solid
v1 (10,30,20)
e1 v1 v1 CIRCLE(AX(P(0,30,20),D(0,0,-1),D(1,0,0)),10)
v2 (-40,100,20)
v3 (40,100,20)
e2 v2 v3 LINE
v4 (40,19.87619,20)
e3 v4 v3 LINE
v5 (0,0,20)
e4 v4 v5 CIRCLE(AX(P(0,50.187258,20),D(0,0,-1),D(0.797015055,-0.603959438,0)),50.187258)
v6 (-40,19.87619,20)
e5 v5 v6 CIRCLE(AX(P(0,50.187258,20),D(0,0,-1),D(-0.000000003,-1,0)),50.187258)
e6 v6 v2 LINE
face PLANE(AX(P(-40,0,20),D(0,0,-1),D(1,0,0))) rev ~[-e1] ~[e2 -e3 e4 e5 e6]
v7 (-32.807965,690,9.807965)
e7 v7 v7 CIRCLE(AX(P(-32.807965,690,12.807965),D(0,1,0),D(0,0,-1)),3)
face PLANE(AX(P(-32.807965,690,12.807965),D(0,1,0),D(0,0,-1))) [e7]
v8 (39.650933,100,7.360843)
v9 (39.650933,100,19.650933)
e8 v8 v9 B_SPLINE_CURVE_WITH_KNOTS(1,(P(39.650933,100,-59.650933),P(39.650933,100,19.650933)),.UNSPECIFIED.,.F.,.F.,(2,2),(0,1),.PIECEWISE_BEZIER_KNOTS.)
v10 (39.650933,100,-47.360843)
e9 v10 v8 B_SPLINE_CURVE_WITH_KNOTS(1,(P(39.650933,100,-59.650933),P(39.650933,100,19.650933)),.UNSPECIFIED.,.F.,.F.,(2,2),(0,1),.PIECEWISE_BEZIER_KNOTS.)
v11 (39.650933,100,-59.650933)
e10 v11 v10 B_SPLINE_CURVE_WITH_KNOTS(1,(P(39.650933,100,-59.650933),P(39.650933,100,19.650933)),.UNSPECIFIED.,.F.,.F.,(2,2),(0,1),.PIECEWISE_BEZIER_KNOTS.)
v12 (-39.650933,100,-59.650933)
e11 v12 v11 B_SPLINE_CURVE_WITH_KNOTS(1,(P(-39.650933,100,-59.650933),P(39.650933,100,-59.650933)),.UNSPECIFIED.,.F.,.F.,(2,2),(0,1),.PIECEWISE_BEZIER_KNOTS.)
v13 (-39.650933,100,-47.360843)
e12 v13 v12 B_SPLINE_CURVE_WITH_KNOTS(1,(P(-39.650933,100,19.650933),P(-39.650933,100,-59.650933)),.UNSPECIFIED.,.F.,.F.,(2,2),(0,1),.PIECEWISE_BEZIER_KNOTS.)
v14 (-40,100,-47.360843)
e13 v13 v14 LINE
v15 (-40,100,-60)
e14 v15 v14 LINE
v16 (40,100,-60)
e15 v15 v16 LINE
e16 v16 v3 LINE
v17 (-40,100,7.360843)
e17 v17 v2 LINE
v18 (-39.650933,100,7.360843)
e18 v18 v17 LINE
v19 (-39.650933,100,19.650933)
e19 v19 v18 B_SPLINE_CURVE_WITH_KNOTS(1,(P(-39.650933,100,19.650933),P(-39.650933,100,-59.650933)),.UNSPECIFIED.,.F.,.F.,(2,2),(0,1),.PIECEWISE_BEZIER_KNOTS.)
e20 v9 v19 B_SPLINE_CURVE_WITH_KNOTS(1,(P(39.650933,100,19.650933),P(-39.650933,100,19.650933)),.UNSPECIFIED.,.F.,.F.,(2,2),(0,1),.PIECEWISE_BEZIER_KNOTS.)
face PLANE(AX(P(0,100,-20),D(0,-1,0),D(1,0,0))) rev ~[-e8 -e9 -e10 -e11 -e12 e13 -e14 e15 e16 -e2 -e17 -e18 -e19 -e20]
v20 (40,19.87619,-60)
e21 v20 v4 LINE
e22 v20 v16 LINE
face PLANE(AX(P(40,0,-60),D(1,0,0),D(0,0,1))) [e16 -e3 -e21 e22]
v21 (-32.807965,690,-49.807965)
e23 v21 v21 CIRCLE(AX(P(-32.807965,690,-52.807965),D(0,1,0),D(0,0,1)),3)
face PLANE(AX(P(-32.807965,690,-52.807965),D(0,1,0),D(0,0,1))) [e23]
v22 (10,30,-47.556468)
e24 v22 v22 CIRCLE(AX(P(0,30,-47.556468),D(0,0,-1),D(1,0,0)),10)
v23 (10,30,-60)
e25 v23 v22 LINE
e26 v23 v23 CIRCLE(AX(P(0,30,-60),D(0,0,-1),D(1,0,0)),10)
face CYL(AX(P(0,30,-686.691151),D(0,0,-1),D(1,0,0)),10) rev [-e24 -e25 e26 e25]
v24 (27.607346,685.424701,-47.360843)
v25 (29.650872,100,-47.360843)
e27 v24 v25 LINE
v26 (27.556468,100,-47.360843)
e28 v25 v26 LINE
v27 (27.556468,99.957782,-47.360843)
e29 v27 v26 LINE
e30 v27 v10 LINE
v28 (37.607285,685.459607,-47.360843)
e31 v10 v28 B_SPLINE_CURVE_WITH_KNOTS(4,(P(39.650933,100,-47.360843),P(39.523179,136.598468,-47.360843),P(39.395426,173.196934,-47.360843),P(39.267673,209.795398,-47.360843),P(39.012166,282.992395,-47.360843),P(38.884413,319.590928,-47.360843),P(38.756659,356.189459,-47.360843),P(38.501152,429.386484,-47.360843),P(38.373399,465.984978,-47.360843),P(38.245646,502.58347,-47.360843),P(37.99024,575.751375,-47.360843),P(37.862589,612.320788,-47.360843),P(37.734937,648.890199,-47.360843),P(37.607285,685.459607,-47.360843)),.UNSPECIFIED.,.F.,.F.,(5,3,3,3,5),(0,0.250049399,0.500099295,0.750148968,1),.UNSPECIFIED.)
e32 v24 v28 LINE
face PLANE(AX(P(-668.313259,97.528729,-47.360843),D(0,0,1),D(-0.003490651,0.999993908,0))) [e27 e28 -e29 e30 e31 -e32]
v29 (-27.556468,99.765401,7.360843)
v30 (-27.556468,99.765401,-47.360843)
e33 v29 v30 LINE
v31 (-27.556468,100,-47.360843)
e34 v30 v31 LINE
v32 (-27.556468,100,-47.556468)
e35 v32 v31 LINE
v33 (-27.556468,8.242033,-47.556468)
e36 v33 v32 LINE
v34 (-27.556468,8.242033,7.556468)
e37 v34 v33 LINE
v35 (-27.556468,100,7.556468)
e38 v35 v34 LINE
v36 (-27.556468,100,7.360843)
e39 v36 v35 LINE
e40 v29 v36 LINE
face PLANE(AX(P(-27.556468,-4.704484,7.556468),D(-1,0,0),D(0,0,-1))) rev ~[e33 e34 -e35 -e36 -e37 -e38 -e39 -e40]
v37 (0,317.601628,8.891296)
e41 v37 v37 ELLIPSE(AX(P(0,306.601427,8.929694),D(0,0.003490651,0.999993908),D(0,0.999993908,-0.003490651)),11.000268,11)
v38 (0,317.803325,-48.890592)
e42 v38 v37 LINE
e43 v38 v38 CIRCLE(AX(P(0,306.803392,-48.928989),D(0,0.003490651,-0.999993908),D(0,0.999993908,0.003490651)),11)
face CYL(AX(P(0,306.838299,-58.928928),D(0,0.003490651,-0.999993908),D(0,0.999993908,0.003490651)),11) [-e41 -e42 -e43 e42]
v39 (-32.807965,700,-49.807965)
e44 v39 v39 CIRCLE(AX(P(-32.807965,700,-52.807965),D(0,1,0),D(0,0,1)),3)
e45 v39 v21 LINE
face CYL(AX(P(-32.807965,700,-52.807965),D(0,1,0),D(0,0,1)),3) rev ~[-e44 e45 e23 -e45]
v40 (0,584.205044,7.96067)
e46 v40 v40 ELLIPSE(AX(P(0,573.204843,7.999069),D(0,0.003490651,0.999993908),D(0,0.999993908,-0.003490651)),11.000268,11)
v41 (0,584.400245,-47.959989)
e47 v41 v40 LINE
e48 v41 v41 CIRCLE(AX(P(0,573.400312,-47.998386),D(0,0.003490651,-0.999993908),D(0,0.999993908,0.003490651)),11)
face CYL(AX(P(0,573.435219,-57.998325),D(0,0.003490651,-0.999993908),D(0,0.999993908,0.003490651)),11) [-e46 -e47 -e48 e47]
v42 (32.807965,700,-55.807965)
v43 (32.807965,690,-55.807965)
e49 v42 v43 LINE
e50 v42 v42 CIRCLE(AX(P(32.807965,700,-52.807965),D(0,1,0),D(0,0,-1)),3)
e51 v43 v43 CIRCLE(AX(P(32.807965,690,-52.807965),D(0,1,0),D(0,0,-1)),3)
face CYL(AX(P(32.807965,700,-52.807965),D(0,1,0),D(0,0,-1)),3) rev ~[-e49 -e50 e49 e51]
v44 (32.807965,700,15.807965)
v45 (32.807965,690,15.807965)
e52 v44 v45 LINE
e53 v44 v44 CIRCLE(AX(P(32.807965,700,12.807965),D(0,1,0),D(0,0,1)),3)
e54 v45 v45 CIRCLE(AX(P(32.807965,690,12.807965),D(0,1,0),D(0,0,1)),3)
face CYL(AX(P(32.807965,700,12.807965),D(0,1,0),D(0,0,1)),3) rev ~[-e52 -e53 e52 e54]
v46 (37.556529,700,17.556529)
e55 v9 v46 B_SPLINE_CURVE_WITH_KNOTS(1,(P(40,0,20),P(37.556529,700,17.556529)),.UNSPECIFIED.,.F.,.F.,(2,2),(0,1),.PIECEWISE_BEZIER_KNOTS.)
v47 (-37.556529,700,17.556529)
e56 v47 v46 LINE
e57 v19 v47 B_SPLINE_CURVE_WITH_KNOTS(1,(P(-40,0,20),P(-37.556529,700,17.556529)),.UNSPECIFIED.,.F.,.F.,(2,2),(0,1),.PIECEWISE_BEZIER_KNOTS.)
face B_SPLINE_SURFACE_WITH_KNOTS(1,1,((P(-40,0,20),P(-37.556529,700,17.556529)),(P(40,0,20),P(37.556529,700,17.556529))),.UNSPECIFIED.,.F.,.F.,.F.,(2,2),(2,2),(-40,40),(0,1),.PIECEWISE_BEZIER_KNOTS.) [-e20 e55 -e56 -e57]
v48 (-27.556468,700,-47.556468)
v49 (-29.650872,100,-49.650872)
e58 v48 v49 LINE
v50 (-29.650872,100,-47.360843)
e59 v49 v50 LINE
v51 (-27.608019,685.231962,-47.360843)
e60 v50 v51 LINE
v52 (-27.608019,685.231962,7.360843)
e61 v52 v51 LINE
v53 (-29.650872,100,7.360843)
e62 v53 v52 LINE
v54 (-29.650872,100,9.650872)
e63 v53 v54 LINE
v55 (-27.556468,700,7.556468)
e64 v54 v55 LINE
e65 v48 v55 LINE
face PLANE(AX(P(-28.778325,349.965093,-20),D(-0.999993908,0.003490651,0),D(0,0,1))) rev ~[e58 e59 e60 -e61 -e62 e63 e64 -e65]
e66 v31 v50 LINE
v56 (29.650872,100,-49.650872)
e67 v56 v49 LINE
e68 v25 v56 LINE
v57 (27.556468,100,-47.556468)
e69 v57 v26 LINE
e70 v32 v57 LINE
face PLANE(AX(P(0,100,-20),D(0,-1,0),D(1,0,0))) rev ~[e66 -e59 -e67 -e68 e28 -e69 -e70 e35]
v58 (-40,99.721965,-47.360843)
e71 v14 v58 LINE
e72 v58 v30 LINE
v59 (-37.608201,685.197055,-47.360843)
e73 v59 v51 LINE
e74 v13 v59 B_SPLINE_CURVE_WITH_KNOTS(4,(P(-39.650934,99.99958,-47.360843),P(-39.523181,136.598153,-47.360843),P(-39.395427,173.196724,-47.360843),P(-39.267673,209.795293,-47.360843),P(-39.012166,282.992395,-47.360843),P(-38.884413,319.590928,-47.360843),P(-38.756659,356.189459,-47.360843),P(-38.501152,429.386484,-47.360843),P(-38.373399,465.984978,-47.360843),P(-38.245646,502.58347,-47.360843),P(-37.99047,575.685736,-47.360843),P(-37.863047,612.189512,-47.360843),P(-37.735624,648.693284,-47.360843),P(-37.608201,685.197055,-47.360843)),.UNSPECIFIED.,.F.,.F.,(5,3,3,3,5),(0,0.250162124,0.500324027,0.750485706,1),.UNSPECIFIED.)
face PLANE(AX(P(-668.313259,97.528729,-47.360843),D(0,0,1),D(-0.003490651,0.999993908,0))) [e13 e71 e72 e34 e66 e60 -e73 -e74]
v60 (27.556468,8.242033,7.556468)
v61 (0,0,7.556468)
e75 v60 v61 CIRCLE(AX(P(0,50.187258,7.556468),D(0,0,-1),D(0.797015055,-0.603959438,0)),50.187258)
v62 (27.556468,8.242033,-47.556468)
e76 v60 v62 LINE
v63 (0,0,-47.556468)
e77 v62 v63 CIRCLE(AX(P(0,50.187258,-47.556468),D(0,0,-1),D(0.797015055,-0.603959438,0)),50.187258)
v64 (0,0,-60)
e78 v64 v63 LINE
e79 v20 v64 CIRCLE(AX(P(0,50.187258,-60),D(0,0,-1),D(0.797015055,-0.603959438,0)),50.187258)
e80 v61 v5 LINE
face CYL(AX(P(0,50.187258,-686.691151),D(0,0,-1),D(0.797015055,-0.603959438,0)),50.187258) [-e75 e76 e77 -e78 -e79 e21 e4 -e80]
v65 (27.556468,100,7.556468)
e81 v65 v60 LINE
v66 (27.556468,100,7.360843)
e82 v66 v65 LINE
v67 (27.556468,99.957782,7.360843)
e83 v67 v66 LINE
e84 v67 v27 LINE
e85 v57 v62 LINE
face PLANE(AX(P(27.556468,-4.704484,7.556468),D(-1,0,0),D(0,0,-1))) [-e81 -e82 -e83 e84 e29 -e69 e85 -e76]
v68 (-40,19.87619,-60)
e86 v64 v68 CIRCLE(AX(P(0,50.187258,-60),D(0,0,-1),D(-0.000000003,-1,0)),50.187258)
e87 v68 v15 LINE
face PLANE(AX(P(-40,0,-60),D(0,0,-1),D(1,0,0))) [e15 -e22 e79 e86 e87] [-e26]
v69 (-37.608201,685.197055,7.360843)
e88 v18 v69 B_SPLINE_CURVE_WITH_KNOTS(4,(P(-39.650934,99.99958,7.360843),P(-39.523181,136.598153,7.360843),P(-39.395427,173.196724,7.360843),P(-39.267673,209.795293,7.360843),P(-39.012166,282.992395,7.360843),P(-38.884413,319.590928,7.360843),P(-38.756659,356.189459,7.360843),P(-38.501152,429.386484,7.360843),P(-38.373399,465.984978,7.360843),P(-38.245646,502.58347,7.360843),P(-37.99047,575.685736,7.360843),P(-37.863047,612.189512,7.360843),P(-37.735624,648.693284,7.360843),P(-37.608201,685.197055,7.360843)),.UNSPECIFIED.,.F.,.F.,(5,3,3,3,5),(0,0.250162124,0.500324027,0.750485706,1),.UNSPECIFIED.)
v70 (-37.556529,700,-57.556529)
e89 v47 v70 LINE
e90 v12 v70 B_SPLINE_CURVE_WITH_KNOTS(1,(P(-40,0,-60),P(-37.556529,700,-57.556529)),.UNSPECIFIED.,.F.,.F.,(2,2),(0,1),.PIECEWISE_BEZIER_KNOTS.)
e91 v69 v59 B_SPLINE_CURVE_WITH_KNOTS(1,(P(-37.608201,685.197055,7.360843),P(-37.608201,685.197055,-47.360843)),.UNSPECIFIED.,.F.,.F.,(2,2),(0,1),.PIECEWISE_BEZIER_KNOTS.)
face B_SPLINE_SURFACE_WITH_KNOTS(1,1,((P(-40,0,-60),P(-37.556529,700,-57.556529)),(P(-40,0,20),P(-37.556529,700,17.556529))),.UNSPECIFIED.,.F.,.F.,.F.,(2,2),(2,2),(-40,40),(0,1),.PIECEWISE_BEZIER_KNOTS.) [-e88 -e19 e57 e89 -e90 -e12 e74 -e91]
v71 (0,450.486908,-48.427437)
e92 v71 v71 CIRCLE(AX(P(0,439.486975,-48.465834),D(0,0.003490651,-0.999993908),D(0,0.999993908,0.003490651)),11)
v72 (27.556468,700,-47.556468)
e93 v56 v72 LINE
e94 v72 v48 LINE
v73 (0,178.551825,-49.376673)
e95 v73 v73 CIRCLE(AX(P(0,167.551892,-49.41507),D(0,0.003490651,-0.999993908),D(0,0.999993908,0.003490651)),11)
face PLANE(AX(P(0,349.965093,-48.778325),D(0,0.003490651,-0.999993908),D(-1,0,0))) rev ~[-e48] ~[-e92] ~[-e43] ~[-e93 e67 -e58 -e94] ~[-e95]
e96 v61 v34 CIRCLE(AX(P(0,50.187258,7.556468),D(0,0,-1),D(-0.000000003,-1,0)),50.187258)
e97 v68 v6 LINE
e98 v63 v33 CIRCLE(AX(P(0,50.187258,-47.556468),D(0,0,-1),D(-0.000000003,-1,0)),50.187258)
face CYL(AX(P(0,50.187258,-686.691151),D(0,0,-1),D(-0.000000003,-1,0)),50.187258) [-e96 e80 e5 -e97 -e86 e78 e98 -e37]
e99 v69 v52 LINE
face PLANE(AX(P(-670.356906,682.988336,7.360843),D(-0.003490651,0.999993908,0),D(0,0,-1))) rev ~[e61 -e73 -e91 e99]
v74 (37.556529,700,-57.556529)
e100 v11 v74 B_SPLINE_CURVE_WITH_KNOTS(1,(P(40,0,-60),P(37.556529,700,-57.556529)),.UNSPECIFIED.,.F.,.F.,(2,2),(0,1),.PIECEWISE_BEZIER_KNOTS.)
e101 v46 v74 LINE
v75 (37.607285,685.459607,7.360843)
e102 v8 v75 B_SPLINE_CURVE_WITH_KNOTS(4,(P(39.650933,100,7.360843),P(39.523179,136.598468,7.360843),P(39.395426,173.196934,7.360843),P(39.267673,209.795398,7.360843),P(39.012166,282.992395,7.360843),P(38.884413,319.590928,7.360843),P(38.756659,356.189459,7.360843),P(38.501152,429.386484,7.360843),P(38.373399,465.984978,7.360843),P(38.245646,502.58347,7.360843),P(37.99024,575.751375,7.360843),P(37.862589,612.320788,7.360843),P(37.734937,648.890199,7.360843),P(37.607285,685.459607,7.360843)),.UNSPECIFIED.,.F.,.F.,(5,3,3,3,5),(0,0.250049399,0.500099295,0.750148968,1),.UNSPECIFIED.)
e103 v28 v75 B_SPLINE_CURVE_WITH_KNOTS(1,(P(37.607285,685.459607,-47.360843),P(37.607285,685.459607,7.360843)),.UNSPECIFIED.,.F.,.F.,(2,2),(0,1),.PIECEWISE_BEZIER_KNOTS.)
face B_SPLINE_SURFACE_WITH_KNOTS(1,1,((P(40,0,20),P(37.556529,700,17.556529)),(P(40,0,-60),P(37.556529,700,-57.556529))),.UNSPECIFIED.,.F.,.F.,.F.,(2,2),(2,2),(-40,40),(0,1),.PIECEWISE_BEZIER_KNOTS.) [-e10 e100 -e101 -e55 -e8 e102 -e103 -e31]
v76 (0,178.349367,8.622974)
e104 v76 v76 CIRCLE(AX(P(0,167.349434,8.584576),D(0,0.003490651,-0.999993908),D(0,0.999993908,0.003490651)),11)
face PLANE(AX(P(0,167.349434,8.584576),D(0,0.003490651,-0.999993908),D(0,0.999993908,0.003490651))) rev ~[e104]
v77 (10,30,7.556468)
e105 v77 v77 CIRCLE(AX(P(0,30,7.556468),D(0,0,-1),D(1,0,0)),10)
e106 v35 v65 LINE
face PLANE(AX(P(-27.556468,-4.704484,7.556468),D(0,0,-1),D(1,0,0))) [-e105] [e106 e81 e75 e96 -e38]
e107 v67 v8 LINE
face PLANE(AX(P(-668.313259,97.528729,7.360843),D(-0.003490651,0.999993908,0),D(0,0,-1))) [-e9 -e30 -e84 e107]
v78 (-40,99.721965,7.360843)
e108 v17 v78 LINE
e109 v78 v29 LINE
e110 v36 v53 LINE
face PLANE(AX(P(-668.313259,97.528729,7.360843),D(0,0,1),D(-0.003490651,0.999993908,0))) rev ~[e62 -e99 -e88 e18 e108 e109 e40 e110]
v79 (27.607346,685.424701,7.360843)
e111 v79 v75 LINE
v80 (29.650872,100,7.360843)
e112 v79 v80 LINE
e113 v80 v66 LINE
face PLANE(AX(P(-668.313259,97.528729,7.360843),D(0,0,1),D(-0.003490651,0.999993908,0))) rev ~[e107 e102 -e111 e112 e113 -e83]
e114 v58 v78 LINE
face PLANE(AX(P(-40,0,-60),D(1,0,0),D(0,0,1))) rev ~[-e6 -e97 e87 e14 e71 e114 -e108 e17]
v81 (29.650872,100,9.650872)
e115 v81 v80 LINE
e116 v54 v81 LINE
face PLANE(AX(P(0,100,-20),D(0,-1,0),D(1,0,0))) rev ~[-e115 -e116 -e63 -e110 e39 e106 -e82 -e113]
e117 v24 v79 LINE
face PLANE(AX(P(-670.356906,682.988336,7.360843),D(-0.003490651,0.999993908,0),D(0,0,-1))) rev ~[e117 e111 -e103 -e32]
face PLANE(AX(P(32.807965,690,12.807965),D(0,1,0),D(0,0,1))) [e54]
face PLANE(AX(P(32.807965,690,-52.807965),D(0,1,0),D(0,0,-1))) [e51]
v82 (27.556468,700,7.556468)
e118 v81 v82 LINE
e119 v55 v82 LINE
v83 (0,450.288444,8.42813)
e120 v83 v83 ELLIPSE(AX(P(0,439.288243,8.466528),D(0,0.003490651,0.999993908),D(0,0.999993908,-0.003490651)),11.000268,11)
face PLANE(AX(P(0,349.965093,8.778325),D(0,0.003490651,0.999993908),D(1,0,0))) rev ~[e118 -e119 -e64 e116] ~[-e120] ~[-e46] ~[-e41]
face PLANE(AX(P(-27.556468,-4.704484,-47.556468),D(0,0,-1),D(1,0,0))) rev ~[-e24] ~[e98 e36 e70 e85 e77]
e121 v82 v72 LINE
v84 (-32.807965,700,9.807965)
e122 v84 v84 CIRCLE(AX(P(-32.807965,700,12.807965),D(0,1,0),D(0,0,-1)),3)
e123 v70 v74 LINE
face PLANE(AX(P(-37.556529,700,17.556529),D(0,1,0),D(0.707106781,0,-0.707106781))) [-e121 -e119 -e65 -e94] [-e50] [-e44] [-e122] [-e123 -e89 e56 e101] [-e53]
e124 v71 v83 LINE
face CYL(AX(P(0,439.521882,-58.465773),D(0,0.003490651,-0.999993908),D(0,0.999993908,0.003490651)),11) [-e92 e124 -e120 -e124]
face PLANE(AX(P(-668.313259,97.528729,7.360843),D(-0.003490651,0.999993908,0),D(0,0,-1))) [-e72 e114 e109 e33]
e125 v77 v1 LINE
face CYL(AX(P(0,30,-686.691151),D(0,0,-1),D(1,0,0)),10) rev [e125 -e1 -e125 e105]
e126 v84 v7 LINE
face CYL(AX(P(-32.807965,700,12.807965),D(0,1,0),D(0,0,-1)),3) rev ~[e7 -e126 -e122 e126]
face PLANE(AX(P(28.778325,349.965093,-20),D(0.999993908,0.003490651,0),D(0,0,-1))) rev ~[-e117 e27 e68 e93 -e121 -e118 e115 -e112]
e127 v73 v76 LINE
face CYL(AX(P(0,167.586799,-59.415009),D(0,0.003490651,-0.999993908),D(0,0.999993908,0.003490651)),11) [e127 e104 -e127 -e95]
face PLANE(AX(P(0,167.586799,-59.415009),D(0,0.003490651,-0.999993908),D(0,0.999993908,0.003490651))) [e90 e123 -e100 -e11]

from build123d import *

# Parameters (mm, degrees)
SKETCH1_W               = 80
SKETCH1_H               = 80
BOSS_EXTRUDE1_DEPTH     = 700
BOSS_EXTRUDE1_TAPER     = 0.2
SHELL2_T                = -10
SKETCH2_R               = 3
CUT_EXTRUDE1_DEPTH      = 10
CUT_EXTRUDE2_DEPTH      = 704.704483544
CUT_EXTRUDE2_DEPTH_BACK = 704.704483544
SKETCH4_W               = 55.112936398
SKETCH4_H               = 55.112936398
SKETCH8_W               = 80
SKETCH8_H               = 80
SKETCH8_W_2             = 55.112936398
SKETCH8_H_2             = 55.112936398
BOSS_EXTRUDE3_DEPTH     = 100
CUT_EXTRUDE4_DEPTH      = 706.691150691
CUT_EXTRUDE4_DEPTH_BACK = 706.691150691
SKETCH9_R               = 10
CUT_EXTRUDE5_DEPTH      = 706.691150691
CUT_EXTRUDE5_DEPTH_BACK = 706.691150691
CUT_EXTRUDE6_DEPTH      = 707.968504527
CUT_EXTRUDE6_DEPTH_BACK = 707.968504527
SKETCH13_W              = 54.721685152
SKETCH13_H              = 585.463174199
SKETCH14_R              = 11
BOSS_EXTRUDE4_DEPTH     = 68


with BuildPart() as part:
    # Sketch1 → Boss-Extrude1 (new body)
    with BuildSketch(Plane(origin=(0, 0, 0), x_dir=(1, 0, 0), z_dir=(0, 1, 0))):
        with Locations((0, 20)):
            Rectangle(SKETCH1_W, SKETCH1_H)
    extrude(amount=BOSS_EXTRUDE1_DEPTH, taper=BOSS_EXTRUDE1_TAPER)

    # Shell2
    shell2_openings = [part.faces().sort_by_distance(p)[0] for p in [
        (0, 700, -20),
    ]]
    offset(amount=SHELL2_T, openings=shell2_openings, kind=Kind.INTERSECTION)

    # Sketch2 → Cut-Extrude1 (cut)
    with BuildSketch(Plane(origin=(0, 700, 0), x_dir=(1, 0, 0), z_dir=(0, 1, 0))):
        with Locations((-32.80796506, 52.80796506)):
            Circle(SKETCH2_R)
        with Locations((32.80796506, 52.80796506)):
            Circle(SKETCH2_R)
        with Locations((32.80796506, -12.80796506)):
            Circle(SKETCH2_R)
        with Locations((-32.80796506, -12.80796506)):
            Circle(SKETCH2_R)
    extrude(amount=-CUT_EXTRUDE1_DEPTH, mode=Mode.SUBTRACT)

    # Sketch4 → Cut-Extrude2 (cut, two sides: drawn at the far end of the back side and taken through both)
    with BuildSketch(Plane(origin=(0, 700, 0), x_dir=(1, 0, 0), z_dir=(0, 1, 0)).offset(-CUT_EXTRUDE2_DEPTH_BACK)):
        with Locations((0, 20)):
            Rectangle(SKETCH4_W, SKETCH4_H)
    extrude(amount=CUT_EXTRUDE2_DEPTH + CUT_EXTRUDE2_DEPTH_BACK, mode=Mode.SUBTRACT)

    # Sketch8 → Boss-Extrude3 (add)
    with BuildSketch(Plane.XZ):
        with Locations((0, -20)):
            Rectangle(SKETCH8_W, SKETCH8_H)
        with Locations((0, -20)):
            Rectangle(SKETCH8_W_2, SKETCH8_H_2, mode=Mode.SUBTRACT)
    extrude(amount=-BOSS_EXTRUDE3_DEPTH)

    # Sketch9 → Cut-Extrude4 (cut, two sides: drawn at the far end of the back side and taken through both)
    with BuildSketch(Plane.XY.offset(20).offset(-CUT_EXTRUDE4_DEPTH_BACK)):
        with Locations((0, 30)):
            Circle(SKETCH9_R)
    extrude(amount=CUT_EXTRUDE4_DEPTH + CUT_EXTRUDE4_DEPTH_BACK, mode=Mode.SUBTRACT)

    # Sketch10 → Cut-Extrude5 (cut, two sides: drawn at the far end of the back side and taken through both)
    with BuildSketch(Plane.XY.offset(20).offset(-CUT_EXTRUDE5_DEPTH_BACK)):
        with BuildLine():
            Line((-1.42e-07, 0), (40, 0))
            Line((40, 0), (40, 19.876189785))
            ThreePointArc((40, 19.876189785), (22.333063544, 5.242902004), (-1.42e-07, 0))
        make_face()
        with BuildLine():
            Line((-40, 0), (-1.42e-07, 0))
            ThreePointArc((-1.42e-07, 0), (-22.333063671, 5.242902067), (-40, 19.876189785))
            Line((-40, 19.876189785), (-40, 0))
        make_face()
    extrude(amount=CUT_EXTRUDE5_DEPTH + CUT_EXTRUDE5_DEPTH_BACK, mode=Mode.SUBTRACT)

    # Sketch13 → Cut-Extrude6 (cut, two sides: drawn at the far end of the back side and taken through both)
    with BuildSketch(Plane(origin=(39.999512614, 0.139625206, 0), x_dir=(0, 0, -1), z_dir=(0.9999939076577905, 0.0034906514152237404, 0)).offset(-CUT_EXTRUDE6_DEPTH_BACK)):
        with Locations((20, 392.592570281)):
            Rectangle(SKETCH13_W, SKETCH13_H)
    extrude(amount=CUT_EXTRUDE6_DEPTH + CUT_EXTRUDE6_DEPTH_BACK, mode=Mode.SUBTRACT)

    # Sketch14 → Boss-Extrude4 (add)
    with BuildSketch(Plane(origin=(0, 0.209437809, -59.999268921), x_dir=(-1, 0, 0), z_dir=(0, 0.0034906514152237404, -0.9999939076577905))):
        with Locations((0, 167.378380539)):
            Circle(SKETCH14_R)
        with Locations((0, 306.630729062)):
            Circle(SKETCH14_R)
        with Locations((0, 439.3151205)):
            Circle(SKETCH14_R)
        with Locations((0, 573.229273125)):
            Circle(SKETCH14_R)
    extrude(amount=-BOSS_EXTRUDE4_DEPTH)


solid = part.part
